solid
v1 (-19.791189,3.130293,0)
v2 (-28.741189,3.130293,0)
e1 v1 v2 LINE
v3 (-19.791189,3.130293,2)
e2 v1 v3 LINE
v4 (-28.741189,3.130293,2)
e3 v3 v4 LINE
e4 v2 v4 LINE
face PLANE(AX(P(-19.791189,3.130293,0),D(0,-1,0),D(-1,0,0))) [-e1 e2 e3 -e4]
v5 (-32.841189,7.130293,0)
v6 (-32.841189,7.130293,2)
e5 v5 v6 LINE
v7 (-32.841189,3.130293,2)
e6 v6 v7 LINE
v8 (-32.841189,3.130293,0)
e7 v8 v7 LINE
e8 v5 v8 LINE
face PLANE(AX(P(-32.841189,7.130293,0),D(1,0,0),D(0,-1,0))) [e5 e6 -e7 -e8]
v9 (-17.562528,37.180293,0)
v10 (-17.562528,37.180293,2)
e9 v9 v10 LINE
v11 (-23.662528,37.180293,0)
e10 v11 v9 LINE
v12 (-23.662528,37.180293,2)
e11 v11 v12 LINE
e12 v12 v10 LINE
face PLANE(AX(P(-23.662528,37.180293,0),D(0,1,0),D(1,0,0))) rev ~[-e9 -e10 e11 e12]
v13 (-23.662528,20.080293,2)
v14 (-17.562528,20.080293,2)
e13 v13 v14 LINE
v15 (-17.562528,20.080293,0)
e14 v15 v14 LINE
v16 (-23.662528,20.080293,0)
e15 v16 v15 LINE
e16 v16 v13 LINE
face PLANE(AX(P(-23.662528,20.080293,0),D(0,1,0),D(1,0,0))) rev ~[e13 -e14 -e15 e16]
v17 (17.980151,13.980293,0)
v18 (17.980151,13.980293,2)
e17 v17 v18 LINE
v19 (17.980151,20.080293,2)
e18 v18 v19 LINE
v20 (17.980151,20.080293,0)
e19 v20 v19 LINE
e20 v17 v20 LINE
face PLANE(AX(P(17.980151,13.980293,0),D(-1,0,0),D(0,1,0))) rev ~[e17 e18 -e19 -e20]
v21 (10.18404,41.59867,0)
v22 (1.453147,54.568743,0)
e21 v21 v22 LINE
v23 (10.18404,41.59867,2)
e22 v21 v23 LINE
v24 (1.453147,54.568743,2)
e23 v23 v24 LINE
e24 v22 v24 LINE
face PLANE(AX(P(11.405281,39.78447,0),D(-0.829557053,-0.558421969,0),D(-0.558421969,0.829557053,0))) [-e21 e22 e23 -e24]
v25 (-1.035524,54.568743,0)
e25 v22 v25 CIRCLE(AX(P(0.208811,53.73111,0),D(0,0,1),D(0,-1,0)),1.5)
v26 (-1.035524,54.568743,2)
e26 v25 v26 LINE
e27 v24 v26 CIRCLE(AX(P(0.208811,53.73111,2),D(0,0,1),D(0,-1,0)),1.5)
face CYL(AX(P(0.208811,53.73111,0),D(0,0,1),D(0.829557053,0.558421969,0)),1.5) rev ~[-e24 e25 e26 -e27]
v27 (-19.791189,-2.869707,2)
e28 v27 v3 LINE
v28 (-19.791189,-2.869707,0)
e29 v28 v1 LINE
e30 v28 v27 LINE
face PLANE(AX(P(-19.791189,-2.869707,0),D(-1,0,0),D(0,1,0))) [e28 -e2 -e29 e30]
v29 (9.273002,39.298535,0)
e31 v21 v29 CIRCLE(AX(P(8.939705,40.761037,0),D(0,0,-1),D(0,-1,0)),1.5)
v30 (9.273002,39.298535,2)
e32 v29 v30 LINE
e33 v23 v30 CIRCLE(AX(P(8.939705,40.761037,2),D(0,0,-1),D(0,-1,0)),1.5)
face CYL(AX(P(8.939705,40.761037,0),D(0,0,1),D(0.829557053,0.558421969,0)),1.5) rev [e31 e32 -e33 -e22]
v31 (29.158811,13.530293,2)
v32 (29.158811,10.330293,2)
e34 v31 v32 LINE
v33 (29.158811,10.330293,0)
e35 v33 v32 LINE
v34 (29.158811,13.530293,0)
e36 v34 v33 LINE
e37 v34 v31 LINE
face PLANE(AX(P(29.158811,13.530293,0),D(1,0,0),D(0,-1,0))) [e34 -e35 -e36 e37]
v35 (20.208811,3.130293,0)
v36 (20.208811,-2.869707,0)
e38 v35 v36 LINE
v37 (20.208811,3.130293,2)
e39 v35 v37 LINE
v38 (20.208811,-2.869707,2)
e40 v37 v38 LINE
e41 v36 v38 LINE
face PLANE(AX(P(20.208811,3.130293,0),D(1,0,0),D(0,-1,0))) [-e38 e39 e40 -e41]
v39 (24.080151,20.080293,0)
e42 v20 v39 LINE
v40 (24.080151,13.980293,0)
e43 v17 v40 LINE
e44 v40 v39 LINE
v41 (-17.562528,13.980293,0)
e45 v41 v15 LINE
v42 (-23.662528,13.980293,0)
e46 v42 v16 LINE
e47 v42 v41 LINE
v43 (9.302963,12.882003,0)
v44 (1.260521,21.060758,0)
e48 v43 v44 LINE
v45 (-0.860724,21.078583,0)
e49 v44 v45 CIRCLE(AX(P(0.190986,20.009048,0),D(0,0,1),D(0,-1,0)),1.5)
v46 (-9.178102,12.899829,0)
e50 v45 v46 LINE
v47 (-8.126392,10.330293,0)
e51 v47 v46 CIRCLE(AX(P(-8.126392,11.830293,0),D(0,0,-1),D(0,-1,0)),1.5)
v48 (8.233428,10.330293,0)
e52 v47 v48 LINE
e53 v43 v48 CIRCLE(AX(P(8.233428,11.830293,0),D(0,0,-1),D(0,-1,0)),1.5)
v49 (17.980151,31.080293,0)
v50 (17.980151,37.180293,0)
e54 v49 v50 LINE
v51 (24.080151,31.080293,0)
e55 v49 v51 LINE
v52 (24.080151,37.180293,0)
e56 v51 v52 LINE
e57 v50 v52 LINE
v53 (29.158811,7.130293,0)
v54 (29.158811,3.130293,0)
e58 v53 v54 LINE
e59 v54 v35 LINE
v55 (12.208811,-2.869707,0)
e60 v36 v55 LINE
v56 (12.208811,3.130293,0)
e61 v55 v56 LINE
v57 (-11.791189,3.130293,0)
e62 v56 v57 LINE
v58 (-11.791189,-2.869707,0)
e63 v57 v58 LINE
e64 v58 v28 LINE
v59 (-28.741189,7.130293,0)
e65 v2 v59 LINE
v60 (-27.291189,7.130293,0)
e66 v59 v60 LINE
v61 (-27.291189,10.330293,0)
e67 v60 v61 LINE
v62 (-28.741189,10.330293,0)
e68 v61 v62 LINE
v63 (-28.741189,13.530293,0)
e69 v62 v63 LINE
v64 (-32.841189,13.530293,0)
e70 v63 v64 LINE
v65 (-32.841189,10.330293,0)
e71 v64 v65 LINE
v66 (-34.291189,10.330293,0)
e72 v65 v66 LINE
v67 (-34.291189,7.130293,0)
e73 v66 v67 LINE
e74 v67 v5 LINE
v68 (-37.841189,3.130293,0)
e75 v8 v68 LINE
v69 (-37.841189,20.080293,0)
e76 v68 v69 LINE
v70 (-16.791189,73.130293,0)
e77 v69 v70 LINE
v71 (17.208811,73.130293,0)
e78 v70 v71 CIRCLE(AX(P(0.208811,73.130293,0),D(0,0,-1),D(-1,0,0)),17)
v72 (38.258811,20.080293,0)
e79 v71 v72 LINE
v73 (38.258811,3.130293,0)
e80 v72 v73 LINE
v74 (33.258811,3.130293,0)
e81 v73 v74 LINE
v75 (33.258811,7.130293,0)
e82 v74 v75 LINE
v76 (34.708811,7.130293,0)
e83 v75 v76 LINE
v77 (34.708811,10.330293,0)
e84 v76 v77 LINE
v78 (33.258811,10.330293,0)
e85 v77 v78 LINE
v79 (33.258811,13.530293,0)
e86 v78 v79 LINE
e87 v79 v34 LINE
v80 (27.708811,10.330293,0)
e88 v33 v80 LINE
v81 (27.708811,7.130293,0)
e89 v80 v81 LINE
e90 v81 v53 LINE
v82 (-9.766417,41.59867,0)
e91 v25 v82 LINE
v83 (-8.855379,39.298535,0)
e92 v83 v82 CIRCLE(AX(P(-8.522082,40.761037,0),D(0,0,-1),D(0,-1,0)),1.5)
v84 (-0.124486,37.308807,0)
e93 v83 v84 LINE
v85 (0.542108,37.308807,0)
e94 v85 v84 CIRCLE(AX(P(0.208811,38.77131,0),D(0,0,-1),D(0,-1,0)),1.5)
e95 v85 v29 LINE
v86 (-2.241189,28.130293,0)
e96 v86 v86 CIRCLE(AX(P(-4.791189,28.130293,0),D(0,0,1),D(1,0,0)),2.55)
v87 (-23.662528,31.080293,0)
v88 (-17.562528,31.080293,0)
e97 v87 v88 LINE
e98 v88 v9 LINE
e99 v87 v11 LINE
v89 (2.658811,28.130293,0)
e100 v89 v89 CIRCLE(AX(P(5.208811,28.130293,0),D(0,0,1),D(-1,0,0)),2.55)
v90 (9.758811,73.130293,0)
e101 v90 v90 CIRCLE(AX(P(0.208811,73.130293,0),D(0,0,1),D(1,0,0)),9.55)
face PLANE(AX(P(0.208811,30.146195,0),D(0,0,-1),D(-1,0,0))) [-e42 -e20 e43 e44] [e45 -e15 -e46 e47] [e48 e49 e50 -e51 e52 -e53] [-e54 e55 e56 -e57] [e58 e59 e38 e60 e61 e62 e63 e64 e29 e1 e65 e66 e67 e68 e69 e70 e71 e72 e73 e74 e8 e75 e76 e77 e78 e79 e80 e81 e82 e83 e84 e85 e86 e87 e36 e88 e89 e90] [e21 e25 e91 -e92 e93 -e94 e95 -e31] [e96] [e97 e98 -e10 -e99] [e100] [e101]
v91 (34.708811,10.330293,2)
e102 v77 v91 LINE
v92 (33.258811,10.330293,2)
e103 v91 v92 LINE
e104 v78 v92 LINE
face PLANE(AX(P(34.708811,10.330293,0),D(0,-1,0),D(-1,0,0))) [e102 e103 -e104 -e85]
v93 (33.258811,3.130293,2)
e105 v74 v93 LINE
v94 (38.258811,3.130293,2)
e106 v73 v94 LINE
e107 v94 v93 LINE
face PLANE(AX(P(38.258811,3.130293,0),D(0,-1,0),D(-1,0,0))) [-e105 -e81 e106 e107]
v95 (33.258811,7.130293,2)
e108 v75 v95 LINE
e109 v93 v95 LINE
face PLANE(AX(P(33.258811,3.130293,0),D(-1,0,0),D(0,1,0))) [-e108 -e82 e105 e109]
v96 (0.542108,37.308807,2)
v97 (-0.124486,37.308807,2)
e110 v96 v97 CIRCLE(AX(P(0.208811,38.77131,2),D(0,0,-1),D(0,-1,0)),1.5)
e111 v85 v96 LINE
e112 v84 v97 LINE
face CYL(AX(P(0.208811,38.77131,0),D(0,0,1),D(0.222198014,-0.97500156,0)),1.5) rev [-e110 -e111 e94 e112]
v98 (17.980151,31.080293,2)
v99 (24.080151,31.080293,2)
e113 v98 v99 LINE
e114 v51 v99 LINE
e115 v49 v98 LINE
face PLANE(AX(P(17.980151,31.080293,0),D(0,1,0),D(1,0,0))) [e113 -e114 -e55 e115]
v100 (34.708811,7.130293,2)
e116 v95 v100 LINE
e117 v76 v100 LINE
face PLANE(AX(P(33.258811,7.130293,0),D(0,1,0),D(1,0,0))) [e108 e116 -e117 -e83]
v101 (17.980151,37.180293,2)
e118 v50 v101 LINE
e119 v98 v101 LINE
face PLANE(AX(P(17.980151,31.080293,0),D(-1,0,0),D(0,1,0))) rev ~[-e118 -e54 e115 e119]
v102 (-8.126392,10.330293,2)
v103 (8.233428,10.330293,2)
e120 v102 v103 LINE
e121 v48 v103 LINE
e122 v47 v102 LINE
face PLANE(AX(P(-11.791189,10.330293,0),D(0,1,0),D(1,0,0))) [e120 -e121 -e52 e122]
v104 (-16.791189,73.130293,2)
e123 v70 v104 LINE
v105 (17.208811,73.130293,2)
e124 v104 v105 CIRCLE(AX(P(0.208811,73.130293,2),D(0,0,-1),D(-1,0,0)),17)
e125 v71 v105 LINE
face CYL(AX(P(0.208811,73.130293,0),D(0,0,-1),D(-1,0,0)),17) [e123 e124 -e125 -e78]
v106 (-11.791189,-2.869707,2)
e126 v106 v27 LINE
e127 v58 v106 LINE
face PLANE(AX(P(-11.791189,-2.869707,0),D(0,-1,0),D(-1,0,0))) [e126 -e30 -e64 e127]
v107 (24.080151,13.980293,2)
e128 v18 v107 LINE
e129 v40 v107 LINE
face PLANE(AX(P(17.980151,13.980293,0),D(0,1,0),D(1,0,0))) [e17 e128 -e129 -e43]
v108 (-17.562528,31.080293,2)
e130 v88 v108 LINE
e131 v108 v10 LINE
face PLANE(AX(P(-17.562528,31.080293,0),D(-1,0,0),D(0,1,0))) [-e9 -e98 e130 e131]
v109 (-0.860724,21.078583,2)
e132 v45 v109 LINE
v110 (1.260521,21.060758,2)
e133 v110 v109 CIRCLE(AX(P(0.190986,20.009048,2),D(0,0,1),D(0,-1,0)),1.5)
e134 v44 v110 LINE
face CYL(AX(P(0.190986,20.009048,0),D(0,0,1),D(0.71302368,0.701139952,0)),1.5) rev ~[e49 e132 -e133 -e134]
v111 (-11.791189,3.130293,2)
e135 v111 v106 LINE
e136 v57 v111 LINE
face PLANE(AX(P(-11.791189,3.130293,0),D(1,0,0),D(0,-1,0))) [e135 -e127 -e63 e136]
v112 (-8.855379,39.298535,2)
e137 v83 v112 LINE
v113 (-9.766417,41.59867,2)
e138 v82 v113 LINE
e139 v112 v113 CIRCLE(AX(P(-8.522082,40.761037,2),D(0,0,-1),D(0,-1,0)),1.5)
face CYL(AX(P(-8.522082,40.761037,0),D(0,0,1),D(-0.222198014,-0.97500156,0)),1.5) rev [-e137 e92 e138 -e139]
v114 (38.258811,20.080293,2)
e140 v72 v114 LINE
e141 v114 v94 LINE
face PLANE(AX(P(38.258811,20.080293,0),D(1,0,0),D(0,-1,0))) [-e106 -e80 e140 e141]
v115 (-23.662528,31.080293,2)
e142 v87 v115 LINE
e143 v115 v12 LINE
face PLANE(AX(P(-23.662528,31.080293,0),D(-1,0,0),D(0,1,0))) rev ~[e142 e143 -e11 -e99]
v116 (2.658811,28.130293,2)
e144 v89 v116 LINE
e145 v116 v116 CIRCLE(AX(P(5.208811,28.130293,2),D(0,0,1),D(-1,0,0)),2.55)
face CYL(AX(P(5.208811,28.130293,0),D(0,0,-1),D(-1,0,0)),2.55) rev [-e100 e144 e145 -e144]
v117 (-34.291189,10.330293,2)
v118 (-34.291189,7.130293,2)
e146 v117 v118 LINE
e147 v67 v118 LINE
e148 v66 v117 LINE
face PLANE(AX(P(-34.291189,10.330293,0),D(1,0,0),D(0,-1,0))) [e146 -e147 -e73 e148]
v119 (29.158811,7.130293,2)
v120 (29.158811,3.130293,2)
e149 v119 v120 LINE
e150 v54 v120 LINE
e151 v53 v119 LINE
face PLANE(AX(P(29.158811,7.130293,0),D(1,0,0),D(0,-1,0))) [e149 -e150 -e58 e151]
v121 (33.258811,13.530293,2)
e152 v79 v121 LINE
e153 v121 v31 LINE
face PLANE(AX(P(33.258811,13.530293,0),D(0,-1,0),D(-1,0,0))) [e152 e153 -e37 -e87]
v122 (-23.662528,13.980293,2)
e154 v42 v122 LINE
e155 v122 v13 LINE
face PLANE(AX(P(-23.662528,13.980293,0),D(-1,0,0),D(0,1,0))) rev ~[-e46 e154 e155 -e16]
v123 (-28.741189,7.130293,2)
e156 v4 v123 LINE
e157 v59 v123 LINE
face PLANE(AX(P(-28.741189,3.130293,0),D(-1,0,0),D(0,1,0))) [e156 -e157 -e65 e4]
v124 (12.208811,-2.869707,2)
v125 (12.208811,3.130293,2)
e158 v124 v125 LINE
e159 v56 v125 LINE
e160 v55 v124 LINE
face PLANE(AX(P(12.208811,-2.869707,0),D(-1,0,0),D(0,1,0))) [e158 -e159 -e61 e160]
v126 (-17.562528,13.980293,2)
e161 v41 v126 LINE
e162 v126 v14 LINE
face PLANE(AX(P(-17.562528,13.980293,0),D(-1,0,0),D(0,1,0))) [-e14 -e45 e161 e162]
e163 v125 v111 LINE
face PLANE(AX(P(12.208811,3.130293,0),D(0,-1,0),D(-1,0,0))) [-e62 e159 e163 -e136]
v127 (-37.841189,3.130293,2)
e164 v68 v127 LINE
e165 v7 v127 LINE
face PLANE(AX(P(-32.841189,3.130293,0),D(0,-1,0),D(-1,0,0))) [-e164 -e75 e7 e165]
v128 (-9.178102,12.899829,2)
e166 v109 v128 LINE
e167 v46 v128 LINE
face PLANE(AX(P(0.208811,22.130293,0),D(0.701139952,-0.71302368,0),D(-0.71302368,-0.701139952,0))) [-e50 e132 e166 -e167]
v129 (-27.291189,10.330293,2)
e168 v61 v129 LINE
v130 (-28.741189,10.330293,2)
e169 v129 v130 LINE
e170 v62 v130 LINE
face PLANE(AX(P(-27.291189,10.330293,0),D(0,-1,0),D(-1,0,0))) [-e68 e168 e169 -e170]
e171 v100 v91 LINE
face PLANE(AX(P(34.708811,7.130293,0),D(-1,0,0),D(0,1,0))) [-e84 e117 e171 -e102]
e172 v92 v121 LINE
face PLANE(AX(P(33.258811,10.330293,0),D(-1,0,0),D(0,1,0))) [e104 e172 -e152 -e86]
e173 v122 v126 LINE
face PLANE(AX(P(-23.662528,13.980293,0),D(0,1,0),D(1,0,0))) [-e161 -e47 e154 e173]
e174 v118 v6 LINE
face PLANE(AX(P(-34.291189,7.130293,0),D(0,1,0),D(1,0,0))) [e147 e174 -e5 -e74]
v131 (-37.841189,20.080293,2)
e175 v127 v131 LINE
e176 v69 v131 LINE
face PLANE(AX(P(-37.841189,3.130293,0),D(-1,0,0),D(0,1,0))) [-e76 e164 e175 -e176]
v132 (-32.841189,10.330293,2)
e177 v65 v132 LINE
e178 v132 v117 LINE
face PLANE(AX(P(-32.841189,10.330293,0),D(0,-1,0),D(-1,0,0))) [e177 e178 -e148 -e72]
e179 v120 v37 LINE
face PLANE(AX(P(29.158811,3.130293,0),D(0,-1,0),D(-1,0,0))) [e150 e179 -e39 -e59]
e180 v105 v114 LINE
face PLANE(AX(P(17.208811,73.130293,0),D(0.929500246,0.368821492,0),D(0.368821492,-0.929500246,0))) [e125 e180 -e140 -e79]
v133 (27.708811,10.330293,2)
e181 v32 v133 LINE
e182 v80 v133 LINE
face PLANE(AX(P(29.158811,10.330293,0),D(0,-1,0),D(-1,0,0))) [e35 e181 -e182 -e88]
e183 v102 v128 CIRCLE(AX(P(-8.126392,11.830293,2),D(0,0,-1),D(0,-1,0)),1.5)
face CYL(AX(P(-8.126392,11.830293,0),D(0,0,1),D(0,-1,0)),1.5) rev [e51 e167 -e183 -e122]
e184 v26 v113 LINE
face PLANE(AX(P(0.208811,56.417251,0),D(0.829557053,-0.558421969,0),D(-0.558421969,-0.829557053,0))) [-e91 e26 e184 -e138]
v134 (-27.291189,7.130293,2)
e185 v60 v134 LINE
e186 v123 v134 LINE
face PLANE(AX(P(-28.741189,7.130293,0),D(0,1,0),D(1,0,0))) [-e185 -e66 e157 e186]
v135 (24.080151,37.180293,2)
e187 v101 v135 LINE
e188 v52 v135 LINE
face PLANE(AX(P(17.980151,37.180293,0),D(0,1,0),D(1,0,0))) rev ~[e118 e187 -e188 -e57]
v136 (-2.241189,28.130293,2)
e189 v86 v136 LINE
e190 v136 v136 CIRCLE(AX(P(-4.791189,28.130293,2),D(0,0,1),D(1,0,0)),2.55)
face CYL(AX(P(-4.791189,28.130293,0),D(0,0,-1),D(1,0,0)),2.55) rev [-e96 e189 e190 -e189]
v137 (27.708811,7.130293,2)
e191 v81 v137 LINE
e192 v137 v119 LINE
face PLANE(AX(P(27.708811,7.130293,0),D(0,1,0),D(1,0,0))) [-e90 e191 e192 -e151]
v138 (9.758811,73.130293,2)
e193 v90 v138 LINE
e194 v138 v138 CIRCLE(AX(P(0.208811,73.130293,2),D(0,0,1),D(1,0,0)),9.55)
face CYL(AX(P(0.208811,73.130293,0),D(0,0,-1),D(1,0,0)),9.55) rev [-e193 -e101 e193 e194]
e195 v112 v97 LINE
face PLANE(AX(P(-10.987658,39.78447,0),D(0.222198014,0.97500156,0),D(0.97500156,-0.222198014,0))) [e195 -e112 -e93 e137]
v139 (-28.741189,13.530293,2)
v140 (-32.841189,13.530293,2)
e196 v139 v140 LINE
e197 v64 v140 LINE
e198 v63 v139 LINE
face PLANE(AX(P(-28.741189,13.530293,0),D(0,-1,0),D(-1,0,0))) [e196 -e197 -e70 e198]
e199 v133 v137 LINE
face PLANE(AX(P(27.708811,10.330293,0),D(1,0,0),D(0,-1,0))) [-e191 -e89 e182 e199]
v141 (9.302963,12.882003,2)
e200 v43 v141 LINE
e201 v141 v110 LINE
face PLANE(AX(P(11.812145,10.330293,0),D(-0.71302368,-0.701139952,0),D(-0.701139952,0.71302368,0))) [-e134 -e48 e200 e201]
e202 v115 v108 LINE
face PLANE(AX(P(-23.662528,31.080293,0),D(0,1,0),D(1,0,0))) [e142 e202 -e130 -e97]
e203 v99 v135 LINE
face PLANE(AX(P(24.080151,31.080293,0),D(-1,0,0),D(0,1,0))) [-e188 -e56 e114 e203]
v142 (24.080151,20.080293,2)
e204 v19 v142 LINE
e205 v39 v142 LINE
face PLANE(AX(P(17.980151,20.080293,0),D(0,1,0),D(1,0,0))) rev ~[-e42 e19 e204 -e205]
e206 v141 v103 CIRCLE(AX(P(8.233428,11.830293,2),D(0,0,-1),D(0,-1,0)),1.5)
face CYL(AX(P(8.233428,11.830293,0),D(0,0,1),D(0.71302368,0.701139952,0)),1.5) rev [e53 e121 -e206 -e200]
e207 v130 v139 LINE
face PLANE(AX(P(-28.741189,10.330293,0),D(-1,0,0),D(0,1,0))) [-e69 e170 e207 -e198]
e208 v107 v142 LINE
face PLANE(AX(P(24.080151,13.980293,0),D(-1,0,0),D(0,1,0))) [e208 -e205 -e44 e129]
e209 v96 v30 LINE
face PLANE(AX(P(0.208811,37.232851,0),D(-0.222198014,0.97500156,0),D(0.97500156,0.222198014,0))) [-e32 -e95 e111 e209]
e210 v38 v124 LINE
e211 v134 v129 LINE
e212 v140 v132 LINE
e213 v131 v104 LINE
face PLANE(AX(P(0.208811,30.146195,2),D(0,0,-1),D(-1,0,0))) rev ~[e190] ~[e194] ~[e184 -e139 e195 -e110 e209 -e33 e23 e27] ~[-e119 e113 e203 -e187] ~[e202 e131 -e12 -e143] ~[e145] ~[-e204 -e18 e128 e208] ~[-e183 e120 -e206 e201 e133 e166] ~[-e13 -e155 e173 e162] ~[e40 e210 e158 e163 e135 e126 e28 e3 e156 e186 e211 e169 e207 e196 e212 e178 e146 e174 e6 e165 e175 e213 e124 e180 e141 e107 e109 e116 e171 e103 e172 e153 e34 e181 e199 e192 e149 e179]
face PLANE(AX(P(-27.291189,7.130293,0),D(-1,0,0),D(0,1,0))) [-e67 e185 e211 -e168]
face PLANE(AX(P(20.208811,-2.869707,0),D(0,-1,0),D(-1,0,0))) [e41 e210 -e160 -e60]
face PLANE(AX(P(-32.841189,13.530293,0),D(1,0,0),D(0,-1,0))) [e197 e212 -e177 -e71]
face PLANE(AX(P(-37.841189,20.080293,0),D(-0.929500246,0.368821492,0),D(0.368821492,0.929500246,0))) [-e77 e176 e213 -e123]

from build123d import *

# Parameters (mm, degrees)
SKETCH_1_R      = 9.55
SKETCH_1_R_2    = 2.55
SKETCH_1_W      = 6.1
SKETCH_1_H      = 6.1
EXTRUDE_1_DEPTH = 2
FILLET_3_R      = 1.5


with BuildPart() as part:
    # 草图1 → 凸台-拉伸1 (new body)
    with BuildSketch(Plane.XY):
        with BuildLine():
            Line((-28.741188564, 3.13029316), (-28.741188564, 7.13029316))
            Line((-28.741188564, 7.13029316), (-27.291188564, 7.13029316))
            Line((-27.291188564, 7.13029316), (-27.291188564, 10.33029316))
            Line((-27.291188564, 10.33029316), (-28.741188564, 10.33029316))
            Line((-28.741188564, 10.33029316), (-28.741188564, 13.53029316))
            Line((-28.741188564, 13.53029316), (-32.841188564, 13.53029316))
            Line((-32.841188564, 13.53029316), (-32.841188564, 10.33029316))
            Line((-32.841188564, 10.33029316), (-34.291188564, 10.33029316))
            Line((-34.291188564, 10.33029316), (-34.291188564, 7.13029316))
            Line((-34.291188564, 7.13029316), (-32.841188564, 7.13029316))
            Line((-32.841188564, 7.13029316), (-32.841188564, 3.13029316))
            Line((-32.841188564, 3.13029316), (-37.841188564, 3.13029316))
            Line((-37.841188564, 3.13029316), (-37.841188564, 20.08029316))
            Line((-37.841188564, 20.08029316), (-16.791188564, 73.13029316))
            ThreePointArc((-16.791188564, 73.13029316), (0.208811436, 90.13029316), (17.208811436, 73.13029316))
            Line((17.208811436, 73.13029316), (38.258811436, 20.08029316))
            Line((38.258811436, 20.08029316), (38.258811436, 3.13029316))
            Line((38.258811436, 3.13029316), (33.258811436, 3.13029316))
            Line((33.258811436, 3.13029316), (33.258811436, 7.13029316))
            Line((33.258811436, 7.13029316), (34.708811436, 7.13029316))
            Line((34.708811436, 7.13029316), (34.708811436, 10.33029316))
            Line((34.708811436, 10.33029316), (33.258811436, 10.33029316))
            Line((33.258811436, 10.33029316), (33.258811436, 13.53029316))
            Line((33.258811436, 13.53029316), (29.158811436, 13.53029316))
            Line((29.158811436, 13.53029316), (29.158811436, 10.33029316))
            Line((29.158811436, 10.33029316), (27.708811436, 10.33029316))
            Line((27.708811436, 10.33029316), (27.708811436, 7.13029316))
            Line((27.708811436, 7.13029316), (29.158811436, 7.13029316))
            Line((29.158811436, 7.13029316), (29.158811436, 3.13029316))
            Line((29.158811436, 3.13029316), (20.208811436, 3.13029316))
            Line((20.208811436, 3.13029316), (20.208811436, -2.86970684))
            Line((20.208811436, -2.86970684), (12.208811436, -2.86970684))
            Line((12.208811436, -2.86970684), (12.208811436, 3.13029316))
            Line((12.208811436, 3.13029316), (-11.791188564, 3.13029316))
            Line((-11.791188564, 3.13029316), (-11.791188564, -2.86970684))
            Line((-11.791188564, -2.86970684), (-19.791188564, -2.86970684))
            Line((-19.791188564, -2.86970684), (-19.791188564, 3.13029316))
            Line((-19.791188564, 3.13029316), (-28.741188564, 3.13029316))
        make_face()
        with Locations((0.208811436, 73.13029316)):
            Circle(SKETCH_1_R, mode=Mode.SUBTRACT)
        with Locations((-4.791188564, 28.13029316)):
            Circle(SKETCH_1_R_2, mode=Mode.SUBTRACT)
        with Locations(Location((5.208811436, 28.13029316, 0), (0, 0, 180))):
            Circle(SKETCH_1_R_2, mode=Mode.SUBTRACT)
        with Locations((-20.612527992, 34.13029316)):
            Rectangle(SKETCH_1_W, SKETCH_1_H, mode=Mode.SUBTRACT)
        with Locations((-20.612527992, 17.03029316)):
            Rectangle(SKETCH_1_W, SKETCH_1_H, mode=Mode.SUBTRACT)
        Polygon((0.208811436, 22.13029316), (-11.791188564, 10.33029316), (11.812144769, 10.33029316), align=None, mode=Mode.SUBTRACT)
        with Locations((21.030150863, 34.13029316)):
            Rectangle(SKETCH_1_W, SKETCH_1_H, mode=Mode.SUBTRACT)
        with Locations((21.030150863, 17.03029316)):
            Rectangle(SKETCH_1_W, SKETCH_1_H, mode=Mode.SUBTRACT)
        Polygon((0.208811436, 56.417251186), (-10.987657951, 39.784470466), (0.208811436, 37.232850696), (11.405280822, 39.784470466), align=None, mode=Mode.SUBTRACT)
    extrude(amount=EXTRUDE_1_DEPTH)

    # 圆角3
    fillet_3_edges = [part.edges().sort_by_distance(p)[0] for p in [
        (11.405280822, 39.784470466, 1),
        (0.208811436, 56.417251186, 1),
        (-10.987657951, 39.784470466, 1),
        (0.208811436, 37.232850696, 1),
        (11.812144769, 10.33029316, 1),
        (0.208811436, 22.13029316, 1),
        (-11.791188564, 10.33029316, 1),
    ]]
    fillet(fillet_3_edges, radius=FILLET_3_R)


solid = part.part
